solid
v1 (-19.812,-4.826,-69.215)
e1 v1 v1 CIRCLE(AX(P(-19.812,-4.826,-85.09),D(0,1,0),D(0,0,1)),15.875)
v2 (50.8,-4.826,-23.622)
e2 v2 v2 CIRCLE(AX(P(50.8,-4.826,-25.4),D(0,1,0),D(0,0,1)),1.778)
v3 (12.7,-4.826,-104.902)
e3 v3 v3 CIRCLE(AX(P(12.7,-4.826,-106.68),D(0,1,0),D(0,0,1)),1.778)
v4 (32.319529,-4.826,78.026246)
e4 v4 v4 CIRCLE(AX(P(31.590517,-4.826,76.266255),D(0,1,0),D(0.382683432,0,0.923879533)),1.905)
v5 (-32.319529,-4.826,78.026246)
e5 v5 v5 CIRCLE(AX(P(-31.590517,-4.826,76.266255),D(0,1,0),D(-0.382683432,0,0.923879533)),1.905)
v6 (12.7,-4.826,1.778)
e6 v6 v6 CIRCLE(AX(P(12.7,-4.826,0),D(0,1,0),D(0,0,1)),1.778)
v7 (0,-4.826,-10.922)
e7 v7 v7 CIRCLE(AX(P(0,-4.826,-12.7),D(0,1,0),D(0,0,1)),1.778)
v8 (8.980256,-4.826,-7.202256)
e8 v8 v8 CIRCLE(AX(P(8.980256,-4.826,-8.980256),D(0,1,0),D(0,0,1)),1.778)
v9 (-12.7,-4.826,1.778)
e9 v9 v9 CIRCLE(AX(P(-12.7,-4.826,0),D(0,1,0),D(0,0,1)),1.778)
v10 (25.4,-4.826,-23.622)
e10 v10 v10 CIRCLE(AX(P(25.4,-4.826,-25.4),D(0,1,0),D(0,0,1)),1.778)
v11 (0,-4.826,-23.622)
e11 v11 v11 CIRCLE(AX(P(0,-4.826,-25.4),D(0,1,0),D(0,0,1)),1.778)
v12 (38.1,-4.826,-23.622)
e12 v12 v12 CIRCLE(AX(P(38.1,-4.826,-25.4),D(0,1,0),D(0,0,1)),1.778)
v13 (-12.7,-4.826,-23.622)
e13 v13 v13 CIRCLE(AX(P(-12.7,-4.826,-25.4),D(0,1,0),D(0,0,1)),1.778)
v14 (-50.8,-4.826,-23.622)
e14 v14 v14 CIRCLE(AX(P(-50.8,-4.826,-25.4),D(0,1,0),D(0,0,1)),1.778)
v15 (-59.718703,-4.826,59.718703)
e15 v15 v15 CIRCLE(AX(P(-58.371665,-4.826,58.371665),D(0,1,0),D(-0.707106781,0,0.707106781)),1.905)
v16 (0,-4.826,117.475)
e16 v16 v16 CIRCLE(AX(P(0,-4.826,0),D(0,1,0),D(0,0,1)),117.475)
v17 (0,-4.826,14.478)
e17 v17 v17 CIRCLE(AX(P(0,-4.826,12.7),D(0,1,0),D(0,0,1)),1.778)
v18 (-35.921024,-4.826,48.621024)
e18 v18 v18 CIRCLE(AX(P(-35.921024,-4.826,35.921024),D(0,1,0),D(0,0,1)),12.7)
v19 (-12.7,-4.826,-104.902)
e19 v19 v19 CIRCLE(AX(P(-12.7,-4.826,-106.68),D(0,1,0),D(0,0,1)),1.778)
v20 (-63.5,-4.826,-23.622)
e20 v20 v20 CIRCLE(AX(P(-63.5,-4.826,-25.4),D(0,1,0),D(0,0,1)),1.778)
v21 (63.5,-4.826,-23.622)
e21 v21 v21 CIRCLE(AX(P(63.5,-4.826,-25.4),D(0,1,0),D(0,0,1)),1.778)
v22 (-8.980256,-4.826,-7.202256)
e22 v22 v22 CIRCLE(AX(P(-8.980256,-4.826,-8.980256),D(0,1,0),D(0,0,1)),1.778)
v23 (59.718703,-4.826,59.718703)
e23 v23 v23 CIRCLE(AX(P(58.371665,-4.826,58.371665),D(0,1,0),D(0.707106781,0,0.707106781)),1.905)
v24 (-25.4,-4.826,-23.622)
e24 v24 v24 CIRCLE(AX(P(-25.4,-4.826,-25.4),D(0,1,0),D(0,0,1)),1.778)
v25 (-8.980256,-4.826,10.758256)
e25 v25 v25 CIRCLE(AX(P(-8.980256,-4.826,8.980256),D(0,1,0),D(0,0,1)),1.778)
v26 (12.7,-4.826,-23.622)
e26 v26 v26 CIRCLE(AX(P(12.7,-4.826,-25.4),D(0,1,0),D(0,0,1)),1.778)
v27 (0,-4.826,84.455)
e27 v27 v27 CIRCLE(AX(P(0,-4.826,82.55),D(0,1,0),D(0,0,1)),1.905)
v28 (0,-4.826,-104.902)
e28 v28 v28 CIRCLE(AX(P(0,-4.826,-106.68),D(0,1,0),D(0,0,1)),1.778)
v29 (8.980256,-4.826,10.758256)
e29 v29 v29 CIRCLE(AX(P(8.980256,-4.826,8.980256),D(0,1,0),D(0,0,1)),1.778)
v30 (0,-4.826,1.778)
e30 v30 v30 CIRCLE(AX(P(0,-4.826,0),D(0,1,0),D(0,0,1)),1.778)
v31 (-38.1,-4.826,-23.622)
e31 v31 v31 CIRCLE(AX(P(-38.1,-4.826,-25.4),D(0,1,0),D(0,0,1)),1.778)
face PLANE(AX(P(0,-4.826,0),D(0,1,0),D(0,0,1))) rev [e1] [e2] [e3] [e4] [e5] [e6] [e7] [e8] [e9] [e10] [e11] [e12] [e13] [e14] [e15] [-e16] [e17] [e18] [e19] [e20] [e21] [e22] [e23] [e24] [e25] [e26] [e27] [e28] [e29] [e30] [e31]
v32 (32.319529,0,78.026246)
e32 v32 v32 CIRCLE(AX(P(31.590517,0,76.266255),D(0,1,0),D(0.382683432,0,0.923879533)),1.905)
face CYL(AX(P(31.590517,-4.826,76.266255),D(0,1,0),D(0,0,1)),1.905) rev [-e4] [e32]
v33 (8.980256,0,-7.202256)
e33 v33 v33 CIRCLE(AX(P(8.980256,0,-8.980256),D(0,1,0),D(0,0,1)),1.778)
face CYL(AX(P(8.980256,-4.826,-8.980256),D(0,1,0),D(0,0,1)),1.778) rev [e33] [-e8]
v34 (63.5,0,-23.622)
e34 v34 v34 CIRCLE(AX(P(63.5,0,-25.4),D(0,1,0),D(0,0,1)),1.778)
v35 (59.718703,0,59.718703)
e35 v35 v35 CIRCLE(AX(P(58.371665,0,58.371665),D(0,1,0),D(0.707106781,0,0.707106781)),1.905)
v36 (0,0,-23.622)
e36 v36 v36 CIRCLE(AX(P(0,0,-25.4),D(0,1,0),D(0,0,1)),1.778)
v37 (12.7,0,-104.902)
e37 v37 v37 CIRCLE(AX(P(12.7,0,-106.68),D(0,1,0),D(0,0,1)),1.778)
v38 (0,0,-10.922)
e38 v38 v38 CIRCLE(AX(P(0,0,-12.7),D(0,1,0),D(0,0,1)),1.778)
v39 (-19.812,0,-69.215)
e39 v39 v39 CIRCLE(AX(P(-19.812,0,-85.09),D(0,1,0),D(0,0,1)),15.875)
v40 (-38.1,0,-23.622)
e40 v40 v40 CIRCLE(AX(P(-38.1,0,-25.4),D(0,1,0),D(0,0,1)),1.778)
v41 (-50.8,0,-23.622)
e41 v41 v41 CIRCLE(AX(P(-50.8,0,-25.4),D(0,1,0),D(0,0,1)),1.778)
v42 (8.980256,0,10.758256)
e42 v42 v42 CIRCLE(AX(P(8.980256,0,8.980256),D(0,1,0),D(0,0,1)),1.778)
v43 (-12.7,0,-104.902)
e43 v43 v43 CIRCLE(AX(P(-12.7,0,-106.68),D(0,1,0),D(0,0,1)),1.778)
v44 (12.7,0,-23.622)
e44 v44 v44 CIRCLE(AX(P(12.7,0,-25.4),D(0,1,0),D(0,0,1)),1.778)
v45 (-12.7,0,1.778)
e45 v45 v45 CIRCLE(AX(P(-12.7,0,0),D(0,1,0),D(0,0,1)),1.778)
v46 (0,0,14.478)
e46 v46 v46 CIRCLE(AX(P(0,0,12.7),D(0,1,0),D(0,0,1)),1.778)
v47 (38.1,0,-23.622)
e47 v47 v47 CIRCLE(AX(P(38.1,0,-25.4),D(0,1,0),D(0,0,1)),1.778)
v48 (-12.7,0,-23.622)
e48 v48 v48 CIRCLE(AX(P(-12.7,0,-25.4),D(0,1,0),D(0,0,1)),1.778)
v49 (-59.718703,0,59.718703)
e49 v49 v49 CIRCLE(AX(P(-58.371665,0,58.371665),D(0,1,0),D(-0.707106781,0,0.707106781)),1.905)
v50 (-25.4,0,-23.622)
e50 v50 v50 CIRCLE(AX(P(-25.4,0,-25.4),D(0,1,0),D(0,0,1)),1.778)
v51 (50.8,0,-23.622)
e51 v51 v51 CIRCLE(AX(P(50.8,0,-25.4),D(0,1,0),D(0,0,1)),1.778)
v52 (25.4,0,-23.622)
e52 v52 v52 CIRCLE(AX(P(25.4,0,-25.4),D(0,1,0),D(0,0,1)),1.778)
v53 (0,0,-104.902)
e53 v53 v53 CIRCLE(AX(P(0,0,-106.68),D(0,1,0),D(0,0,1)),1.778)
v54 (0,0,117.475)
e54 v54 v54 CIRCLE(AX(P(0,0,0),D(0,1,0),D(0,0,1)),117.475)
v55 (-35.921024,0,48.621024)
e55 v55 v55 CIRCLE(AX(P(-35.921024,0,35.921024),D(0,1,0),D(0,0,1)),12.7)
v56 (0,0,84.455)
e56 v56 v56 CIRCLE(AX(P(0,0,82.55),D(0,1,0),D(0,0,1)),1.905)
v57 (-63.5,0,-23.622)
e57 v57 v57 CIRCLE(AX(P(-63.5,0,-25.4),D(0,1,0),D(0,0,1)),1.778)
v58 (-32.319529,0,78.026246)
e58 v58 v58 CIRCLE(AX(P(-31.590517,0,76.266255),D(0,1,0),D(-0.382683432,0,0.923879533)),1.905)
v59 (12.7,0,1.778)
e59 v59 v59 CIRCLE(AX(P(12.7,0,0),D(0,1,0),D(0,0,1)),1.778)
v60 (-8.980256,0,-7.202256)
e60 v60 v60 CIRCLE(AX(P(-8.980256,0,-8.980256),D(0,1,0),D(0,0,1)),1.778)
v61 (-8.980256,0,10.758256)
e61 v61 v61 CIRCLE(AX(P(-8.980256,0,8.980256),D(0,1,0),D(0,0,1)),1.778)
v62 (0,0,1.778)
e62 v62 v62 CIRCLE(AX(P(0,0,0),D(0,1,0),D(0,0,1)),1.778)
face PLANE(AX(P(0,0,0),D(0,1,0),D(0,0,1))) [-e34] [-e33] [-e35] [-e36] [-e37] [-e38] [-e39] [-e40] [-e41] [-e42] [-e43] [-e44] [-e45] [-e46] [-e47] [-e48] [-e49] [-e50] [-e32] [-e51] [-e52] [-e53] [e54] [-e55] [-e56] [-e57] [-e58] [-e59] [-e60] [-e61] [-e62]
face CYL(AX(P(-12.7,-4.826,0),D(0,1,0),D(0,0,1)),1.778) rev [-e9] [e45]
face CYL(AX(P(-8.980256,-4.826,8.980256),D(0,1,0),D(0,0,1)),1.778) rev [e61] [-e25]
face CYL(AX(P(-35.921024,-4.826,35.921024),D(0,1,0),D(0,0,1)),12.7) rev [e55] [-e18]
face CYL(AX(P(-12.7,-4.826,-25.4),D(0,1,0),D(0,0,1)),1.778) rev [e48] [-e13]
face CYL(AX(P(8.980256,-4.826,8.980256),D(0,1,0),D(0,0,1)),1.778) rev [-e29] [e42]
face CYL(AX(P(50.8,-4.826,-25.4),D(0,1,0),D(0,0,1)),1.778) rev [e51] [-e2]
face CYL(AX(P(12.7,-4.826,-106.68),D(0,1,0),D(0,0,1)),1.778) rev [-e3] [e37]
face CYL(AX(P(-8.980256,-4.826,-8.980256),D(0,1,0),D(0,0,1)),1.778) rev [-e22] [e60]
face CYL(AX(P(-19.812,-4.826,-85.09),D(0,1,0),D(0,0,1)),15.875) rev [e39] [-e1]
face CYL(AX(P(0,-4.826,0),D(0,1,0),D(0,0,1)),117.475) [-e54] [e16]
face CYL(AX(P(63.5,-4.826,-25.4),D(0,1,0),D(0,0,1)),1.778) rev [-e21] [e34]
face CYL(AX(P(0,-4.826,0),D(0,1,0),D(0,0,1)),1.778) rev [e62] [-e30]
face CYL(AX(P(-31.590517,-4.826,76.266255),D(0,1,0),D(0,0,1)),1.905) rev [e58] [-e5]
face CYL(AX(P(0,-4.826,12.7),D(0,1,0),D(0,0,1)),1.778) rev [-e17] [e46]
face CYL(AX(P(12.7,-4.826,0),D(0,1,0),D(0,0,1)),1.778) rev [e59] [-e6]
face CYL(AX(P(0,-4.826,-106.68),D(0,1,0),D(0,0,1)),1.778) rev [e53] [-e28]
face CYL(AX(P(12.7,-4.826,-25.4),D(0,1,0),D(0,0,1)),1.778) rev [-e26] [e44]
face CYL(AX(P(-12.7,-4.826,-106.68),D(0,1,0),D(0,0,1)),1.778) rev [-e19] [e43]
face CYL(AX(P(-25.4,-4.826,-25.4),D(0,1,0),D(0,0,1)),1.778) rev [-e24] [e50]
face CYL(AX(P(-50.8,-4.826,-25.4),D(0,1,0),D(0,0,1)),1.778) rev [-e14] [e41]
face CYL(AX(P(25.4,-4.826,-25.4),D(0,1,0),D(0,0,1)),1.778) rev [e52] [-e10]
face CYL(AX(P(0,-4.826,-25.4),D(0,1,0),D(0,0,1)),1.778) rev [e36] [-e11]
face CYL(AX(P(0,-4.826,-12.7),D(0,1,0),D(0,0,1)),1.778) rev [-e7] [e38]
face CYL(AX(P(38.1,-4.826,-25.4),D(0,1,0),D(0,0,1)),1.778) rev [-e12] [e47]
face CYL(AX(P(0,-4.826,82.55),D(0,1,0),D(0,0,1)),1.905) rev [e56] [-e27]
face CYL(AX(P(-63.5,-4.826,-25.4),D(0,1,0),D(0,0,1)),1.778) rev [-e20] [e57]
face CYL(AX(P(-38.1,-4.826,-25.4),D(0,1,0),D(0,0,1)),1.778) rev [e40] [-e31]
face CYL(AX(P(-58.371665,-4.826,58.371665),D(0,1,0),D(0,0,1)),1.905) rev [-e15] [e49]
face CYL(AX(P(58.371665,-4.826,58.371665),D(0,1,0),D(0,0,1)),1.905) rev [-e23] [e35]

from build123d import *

# Parameters (mm, degrees)
SKETCH1_R           = 117.475
BOSS_EXTRUDE1_DEPTH = 4.826
SKETCH5_R           = 1.778
CUT_EXTRUDE6_DEPTH  = 167.204817999
SKETCH6_R           = 1.778
CUT_EXTRUDE7_DEPTH  = 167.204817999
SKETCH7_R           = 1.778
CUT_EXTRUDE8_DEPTH  = 167.204817999
SKETCH8_R           = 12.7
CUT_EXTRUDE9_DEPTH  = 167.204817999
SKETCH9_R           = 1.905
CUT_EXTRUDE10_DEPTH = 167.204817999
CIRPATTERN1_COUNT   = 3
CIRPATTERN1_ANGLE   = 45
CIRPATTERN2_COUNT   = 3
CIRPATTERN2_ANGLE   = 45
SKETCH10_R          = 15.875
CUT_EXTRUDE11_DEPTH = 167.204817999


with BuildPart() as part:
    # Sketch1 → Boss-Extrude1 (new body)
    with BuildSketch(Plane(origin=(0, 0, 0), x_dir=(1, 0, 0), z_dir=(0, 1, 0))):
        with Locations(Location((0, 0, 0), (0, 0, 270))):
            Circle(SKETCH1_R)
    extrude(amount=-BOSS_EXTRUDE1_DEPTH)

    # Sketch5 → Cut-Extrude6 (cut, through all)
    with BuildSketch(Plane(origin=(0, 0, 0), x_dir=(1, 0, 0), z_dir=(0, 1, 0))):
        with Locations(Location((0, 0, 0), (0, 0, 270))):
            Circle(SKETCH5_R)
    extrude(amount=-CUT_EXTRUDE6_DEPTH, mode=Mode.SUBTRACT)

    # Sketch6 → Cut-Extrude7 (cut, through all)
    with BuildSketch(Plane(origin=(0, 0, 0), x_dir=(1, 0, 0), z_dir=(0, 1, 0))):
        with Locations(Location((0, 25.4, 0), (0, 0, 270))):
            Circle(SKETCH6_R)
        with Locations(Location((-12.7, 25.4, 0), (0, 0, 270))):
            Circle(SKETCH6_R)
        with Locations(Location((-25.4, 25.4, 0), (0, 0, 270))):
            Circle(SKETCH6_R)
        with Locations(Location((-38.1, 25.4, 0), (0, 0, 270))):
            Circle(SKETCH6_R)
        with Locations(Location((12.7, 25.4, 0), (0, 0, 270))):
            Circle(SKETCH6_R)
        with Locations(Location((25.4, 25.4, 0), (0, 0, 270))):
            Circle(SKETCH6_R)
        with Locations(Location((38.1, 25.4, 0), (0, 0, 270))):
            Circle(SKETCH6_R)
        with Locations(Location((-50.8, 25.4, 0), (0, 0, 270))):
            Circle(SKETCH6_R)
        with Locations(Location((50.8, 25.4, 0), (0, 0, 270))):
            Circle(SKETCH6_R)
        with Locations(Location((-63.5, 25.4, 0), (0, 0, 270))):
            Circle(SKETCH6_R)
        with Locations(Location((63.5, 25.4, 0), (0, 0, 270))):
            Circle(SKETCH6_R)
        with Locations(Location((0, 106.68, 0), (0, 0, 270))):
            Circle(SKETCH6_R)
        with Locations(Location((-12.7, 106.68, 0), (0, 0, 270))):
            Circle(SKETCH6_R)
        with Locations(Location((12.7, 106.68, 0), (0, 0, 270))):
            Circle(SKETCH6_R)
    extrude(amount=-CUT_EXTRUDE7_DEPTH, mode=Mode.SUBTRACT)

    # Sketch7 → Cut-Extrude8 (cut, through all)
    with BuildSketch(Plane(origin=(0, 0, 0), x_dir=(1, 0, 0), z_dir=(0, 1, 0))):
        with Locations(Location((0, 12.7, 0), (0, 0, 270))):
            Circle(SKETCH7_R)
        with Locations(Location((12.7, 0, 0), (0, 0, 270))):
            Circle(SKETCH7_R)
        with Locations(Location((0, -12.7, 0), (0, 0, 270))):
            Circle(SKETCH7_R)
        with Locations(Location((-12.7, 0, 0), (0, 0, 270))):
            Circle(SKETCH7_R)
        with Locations(Location((-8.980256121, 8.980256121, 0), (0, 0, 270))):
            Circle(SKETCH7_R)
        with Locations(Location((8.980256121, 8.980256121, 0), (0, 0, 270))):
            Circle(SKETCH7_R)
        with Locations(Location((8.980256121, -8.980256121, 0), (0, 0, 270))):
            Circle(SKETCH7_R)
        with Locations(Location((-8.980256121, -8.980256121, 0), (0, 0, 270))):
            Circle(SKETCH7_R)
    extrude(amount=-CUT_EXTRUDE8_DEPTH, mode=Mode.SUBTRACT)

    # Sketch8 → Cut-Extrude9 (cut, through all)
    with BuildSketch(Plane(origin=(0, 0, 0), x_dir=(1, 0, 0), z_dir=(0, 1, 0))):
        with Locations(Location((-35.921024484, -35.921024484, 0), (0, 0, 270))):
            Circle(SKETCH8_R)
    extrude(amount=-CUT_EXTRUDE9_DEPTH, mode=Mode.SUBTRACT)

    # Sketch9 → Cut-Extrude10 (cut, through all)
    with BuildSketch(Plane(origin=(0, 0, 0), x_dir=(1, 0, 0), z_dir=(0, 1, 0))):
        with Locations(Location((0, -82.55, 0), (0, 0, 270))):
            Circle(SKETCH9_R)
    cut_extrude10 = extrude(amount=-CUT_EXTRUDE10_DEPTH, mode=Mode.SUBTRACT)

    # CirPattern1: Cut-Extrude10 ×3 about axis
    cirpattern1_axis = Axis((0, 0, 0), (0, 1, 0))
    for i in range(1, CIRPATTERN1_COUNT):
        add(cut_extrude10.rotate(cirpattern1_axis, i * CIRPATTERN1_ANGLE / (CIRPATTERN1_COUNT - 1)), mode=Mode.SUBTRACT)

    # CirPattern2: Cut-Extrude10 ×3 about axis
    cirpattern2_axis = Axis((0, 0, 0), (0, -1, 0))
    for i in range(1, CIRPATTERN2_COUNT):
        add(cut_extrude10.rotate(cirpattern2_axis, i * CIRPATTERN2_ANGLE / (CIRPATTERN2_COUNT - 1)), mode=Mode.SUBTRACT)

    # Sketch10 → Cut-Extrude11 (cut, through all)
    with BuildSketch(Plane(origin=(0, 0, 0), x_dir=(1, 0, 0), z_dir=(0, 1, 0))):
        with Locations(Location((-19.812, 85.09, 0), (0, 0, 270))):
            Circle(SKETCH10_R)
    extrude(amount=-CUT_EXTRUDE11_DEPTH, mode=Mode.SUBTRACT)


solid = part.part
